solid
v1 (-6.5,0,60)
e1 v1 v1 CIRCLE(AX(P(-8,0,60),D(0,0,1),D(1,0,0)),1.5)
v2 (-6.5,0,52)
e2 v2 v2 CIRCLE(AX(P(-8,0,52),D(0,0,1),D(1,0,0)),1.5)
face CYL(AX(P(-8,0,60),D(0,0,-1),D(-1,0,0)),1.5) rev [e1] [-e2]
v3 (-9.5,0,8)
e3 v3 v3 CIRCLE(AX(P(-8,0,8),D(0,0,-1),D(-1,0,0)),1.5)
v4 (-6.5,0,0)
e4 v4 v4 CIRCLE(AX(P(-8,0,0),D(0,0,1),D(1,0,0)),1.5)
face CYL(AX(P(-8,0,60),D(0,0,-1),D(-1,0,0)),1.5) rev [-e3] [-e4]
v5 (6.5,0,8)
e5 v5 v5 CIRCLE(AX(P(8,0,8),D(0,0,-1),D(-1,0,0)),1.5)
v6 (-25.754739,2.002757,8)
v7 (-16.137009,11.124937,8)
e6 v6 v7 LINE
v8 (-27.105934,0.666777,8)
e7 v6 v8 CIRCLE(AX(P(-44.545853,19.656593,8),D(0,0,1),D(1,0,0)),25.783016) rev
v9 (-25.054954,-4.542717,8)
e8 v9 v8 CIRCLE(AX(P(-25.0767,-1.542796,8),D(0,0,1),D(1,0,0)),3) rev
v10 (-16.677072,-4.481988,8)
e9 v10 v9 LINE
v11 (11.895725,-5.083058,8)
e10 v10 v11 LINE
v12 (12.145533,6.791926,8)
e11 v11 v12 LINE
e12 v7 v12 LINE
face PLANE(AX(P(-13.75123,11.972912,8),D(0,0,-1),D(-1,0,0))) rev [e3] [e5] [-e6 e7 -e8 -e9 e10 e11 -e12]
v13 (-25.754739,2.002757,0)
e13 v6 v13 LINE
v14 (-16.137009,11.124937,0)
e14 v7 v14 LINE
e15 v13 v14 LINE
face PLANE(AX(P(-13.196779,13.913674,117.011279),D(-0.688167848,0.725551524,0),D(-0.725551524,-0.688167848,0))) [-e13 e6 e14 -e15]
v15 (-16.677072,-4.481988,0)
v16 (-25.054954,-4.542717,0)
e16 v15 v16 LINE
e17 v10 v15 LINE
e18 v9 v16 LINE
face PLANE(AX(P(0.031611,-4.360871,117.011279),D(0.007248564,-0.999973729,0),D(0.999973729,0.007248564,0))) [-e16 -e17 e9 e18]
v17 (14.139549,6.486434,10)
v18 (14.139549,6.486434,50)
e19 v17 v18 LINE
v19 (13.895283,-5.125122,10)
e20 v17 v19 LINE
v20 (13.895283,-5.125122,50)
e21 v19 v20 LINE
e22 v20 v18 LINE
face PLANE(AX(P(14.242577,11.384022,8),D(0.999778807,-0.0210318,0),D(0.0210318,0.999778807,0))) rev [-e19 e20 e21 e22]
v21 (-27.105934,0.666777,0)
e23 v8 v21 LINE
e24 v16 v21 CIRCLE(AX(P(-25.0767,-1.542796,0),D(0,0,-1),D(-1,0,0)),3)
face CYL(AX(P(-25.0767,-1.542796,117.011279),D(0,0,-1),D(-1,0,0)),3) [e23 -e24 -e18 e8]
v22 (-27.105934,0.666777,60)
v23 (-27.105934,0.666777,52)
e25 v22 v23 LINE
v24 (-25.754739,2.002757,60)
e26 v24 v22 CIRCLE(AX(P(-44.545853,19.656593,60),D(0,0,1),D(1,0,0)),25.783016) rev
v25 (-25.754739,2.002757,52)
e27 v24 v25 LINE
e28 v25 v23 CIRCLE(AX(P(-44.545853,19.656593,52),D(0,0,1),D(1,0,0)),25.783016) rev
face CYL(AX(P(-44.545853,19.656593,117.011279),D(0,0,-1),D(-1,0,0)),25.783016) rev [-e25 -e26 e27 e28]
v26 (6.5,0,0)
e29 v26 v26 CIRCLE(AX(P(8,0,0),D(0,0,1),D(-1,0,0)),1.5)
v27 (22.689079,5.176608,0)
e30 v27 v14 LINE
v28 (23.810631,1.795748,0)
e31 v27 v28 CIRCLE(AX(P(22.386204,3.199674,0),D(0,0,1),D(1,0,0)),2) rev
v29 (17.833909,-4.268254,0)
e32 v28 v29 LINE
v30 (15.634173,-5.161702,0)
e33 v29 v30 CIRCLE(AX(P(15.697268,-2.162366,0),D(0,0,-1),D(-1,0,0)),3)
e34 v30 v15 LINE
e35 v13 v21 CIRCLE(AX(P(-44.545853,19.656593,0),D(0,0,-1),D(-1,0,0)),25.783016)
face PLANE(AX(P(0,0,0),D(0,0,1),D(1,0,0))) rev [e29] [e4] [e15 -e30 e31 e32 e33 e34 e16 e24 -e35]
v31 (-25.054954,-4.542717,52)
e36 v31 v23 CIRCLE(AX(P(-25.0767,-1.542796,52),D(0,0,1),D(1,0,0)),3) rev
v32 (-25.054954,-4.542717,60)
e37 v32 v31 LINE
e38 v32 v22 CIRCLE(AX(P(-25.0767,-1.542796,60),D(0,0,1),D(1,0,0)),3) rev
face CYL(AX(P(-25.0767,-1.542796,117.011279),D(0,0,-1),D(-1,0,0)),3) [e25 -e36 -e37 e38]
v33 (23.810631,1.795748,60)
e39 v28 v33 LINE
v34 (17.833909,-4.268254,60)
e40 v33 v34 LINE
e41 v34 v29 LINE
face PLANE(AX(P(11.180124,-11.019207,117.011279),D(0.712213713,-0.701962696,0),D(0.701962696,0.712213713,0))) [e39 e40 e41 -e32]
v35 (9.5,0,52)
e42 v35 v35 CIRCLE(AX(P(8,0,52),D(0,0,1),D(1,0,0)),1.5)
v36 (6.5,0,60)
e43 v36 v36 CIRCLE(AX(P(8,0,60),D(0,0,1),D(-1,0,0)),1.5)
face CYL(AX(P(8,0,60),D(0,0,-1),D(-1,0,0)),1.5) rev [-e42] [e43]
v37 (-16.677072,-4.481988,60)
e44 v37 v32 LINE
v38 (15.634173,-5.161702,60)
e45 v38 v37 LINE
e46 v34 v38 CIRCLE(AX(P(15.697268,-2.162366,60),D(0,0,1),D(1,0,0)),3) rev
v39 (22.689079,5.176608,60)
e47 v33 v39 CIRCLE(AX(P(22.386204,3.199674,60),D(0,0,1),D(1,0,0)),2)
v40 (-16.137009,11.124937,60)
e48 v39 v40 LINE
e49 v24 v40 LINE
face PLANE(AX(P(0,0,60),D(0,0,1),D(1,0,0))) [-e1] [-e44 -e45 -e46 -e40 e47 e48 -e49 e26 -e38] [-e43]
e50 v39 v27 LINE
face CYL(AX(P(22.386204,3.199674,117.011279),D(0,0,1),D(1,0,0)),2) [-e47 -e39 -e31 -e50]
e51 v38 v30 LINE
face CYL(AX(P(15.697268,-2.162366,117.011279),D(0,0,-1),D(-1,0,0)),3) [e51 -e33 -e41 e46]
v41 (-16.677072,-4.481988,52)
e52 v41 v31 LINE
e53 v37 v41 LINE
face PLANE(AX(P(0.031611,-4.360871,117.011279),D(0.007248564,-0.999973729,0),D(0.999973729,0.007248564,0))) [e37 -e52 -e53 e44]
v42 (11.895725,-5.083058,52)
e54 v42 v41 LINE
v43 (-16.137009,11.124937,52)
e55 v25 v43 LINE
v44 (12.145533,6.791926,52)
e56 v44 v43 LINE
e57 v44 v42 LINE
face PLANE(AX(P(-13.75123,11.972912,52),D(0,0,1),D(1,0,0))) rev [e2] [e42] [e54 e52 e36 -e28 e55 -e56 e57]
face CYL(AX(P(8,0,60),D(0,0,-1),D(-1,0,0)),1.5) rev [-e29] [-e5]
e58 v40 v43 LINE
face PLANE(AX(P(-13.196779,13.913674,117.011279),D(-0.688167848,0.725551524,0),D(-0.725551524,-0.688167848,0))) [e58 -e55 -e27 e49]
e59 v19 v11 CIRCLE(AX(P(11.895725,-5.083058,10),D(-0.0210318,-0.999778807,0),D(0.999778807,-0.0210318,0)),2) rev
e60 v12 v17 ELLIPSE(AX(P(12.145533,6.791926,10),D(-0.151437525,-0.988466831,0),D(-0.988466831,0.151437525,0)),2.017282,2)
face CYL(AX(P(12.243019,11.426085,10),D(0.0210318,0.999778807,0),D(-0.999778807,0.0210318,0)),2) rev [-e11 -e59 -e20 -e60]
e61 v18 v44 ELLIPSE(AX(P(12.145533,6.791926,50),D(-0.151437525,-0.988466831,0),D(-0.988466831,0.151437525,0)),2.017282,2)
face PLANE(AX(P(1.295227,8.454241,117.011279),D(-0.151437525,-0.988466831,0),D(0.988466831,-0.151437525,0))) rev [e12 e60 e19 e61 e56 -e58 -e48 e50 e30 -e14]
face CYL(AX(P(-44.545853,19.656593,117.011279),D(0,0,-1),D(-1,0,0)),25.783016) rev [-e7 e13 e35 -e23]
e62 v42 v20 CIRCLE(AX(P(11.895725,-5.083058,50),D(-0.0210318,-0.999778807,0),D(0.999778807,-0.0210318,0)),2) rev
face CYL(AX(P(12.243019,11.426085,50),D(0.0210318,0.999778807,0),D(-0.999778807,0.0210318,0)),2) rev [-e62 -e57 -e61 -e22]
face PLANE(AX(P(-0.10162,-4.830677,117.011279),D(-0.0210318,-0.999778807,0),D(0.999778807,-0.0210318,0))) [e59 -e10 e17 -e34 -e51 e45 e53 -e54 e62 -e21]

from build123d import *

# Parameters (mm, degrees)
SKETCH_1_W               = 25.57090008
SKETCH_1_H               = 8
SKETCH_1_R               = 1.5
EXTRUDE_1_DEPTH          = 60
SKETCH_2_W               = 25.57090008
SKETCH_2_H               = 8
EXTRUDE_2_DEPTH          = 60
SKETCH_3_W               = 28
SKETCH_3_H               = 44
CUT_EXTRUDE_1_DEPTH      = 69.0968921
FILLET_3_R               = 2
CUT_EXTRUDE_3_DEPTH      = 69.043275984
CUT_EXTRUDE_3_DEPTH_BACK = 69.043275984
SKETCH_5_W               = 19.965389019
SKETCH_5_H               = 10
SKETCH_5_W_2             = 8.378102734
SKETCH_5_W_3             = 2.578087264
SKETCH_5_W_4             = 4.306688818
FILLET_4_R               = 2
CUT_EXTRUDE_4_DEPTH      = 69.043275984
CUT_EXTRUDE_4_DEPTH_BACK = 69.043275984
SKETCH_6_W               = 44.193811727
SKETCH_6_H               = 36.690121775


with BuildPart() as part:
    # 草图1 → 凸台-拉伸1 (new body)
    with BuildSketch(Plane.XY):
        Rectangle(SKETCH_1_W, SKETCH_1_H)
        with Locations((-8, 0)):
            Circle(SKETCH_1_R, mode=Mode.SUBTRACT)
        with Locations(Location((8, 0, 0), (0, 0, 180))):
            Circle(SKETCH_1_R, mode=Mode.SUBTRACT)
    extrude(amount=EXTRUDE_1_DEPTH)

    # 草图2 → 凸台-拉伸2 (add)
    with BuildSketch(Plane(origin=(0, 0, 0), x_dir=(-1, 0, 0), z_dir=(0, 0, -1))):
        with BuildLine():
            Line((16.137009301, 11.124937293), (-26.558542517, 4.58378843))
            Line((-26.558542517, 4.58378843), (-17.833909304, -4.268253789))
            ThreePointArc((-17.833909304, -4.268253789), (-16.826188208, -4.941851182), (-15.634172765, -5.161702124))
            Line((-15.634172765, -5.161702124), (16.6770718, -4.481988152))
            Line((16.6770718, -4.481988152), (25.054954432, -4.542717367))
            ThreePointArc((25.054954432, -4.542717367), (27.868152877, -2.64179187), (27.105933567, 0.666776546))
            ThreePointArc((27.105933567, 0.666776546), (26.418024583, 1.322314845), (25.754738639, 2.002756605))
            Line((25.754738639, 2.002756605), (16.137009301, 11.124937293))
        make_face()
        Rectangle(SKETCH_2_W, SKETCH_2_H, mode=Mode.SUBTRACT)
    extrude(amount=-EXTRUDE_2_DEPTH)

    # 草图3 → 切除-拉伸1 (cut, through all)
    with BuildSketch(Plane(origin=(-0.101620306, -4.830676855, 0), x_dir=(0.9997788072376046, -0.02103179969837793, 0), z_dir=(-0.02103179969837793, -0.9997788072376046, 0))):
        with Locations((0, 30)):
            Rectangle(SKETCH_3_W, SKETCH_3_H)
    extrude(amount=-CUT_EXTRUDE_1_DEPTH, mode=Mode.SUBTRACT)

    # 圆角3
    fillet_3_edges = [part.edges().sort_by_distance(p)[0] for p in [
        (26.558542517, 4.58378843, 30),
    ]]
    fillet(fillet_3_edges, radius=FILLET_3_R)

    # 草图5 → 切除-拉伸3 (cut, two sides: drawn at the far end of the back side and taken through both)
    with BuildSketch(Plane(origin=(0.031610884, -4.360871013, 0), x_dir=(0.9999737288141071, 0.007248564106812576, 0), z_dir=(0.007248564106812577, -0.9999737288141072, 0)).offset(-CUT_EXTRUDE_3_DEPTH_BACK)):
        with Locations((-35.069918896, 47)):
            Rectangle(SKETCH_5_W, SKETCH_5_H)
        with Locations((-20.898173019, 47)):
            Rectangle(SKETCH_5_W_2, SKETCH_5_H)
        with Locations((-15.42007802, 47)):
            Rectangle(SKETCH_5_W_3, SKETCH_5_H)
        with Locations((-11.977689979, 47)):
            Rectangle(SKETCH_5_W_4, SKETCH_5_H)
    extrude(amount=CUT_EXTRUDE_3_DEPTH + CUT_EXTRUDE_3_DEPTH_BACK, mode=Mode.SUBTRACT)

    # 圆角4
    fillet_4_edges = [part.edges().sort_by_distance(p)[0] for p in [
        (14.017415967, 0.680655778, 52),
        (14.017415967, 0.680655778, 8),
        (-13.937599421, 3.113545967, 8),
    ]]
    fillet(fillet_4_edges, radius=FILLET_4_R)

    # 草图6 → 切除-拉伸4 (cut, two sides: drawn at the far end of the back side and taken through both)
    with BuildSketch(Plane(origin=(0.031610884, -4.360871013, 0), x_dir=(0.9999737288141071, 0.007248564106812576, 0), z_dir=(0.007248564106812577, -0.9999737288141072, 0)).offset(-CUT_EXTRUDE_4_DEPTH_BACK)):
        with Locations((-28.444987659, 26.345060888)):
            Rectangle(SKETCH_6_W, SKETCH_6_H)
    extrude(amount=CUT_EXTRUDE_4_DEPTH + CUT_EXTRUDE_4_DEPTH_BACK, mode=Mode.SUBTRACT)


solid = part.part
